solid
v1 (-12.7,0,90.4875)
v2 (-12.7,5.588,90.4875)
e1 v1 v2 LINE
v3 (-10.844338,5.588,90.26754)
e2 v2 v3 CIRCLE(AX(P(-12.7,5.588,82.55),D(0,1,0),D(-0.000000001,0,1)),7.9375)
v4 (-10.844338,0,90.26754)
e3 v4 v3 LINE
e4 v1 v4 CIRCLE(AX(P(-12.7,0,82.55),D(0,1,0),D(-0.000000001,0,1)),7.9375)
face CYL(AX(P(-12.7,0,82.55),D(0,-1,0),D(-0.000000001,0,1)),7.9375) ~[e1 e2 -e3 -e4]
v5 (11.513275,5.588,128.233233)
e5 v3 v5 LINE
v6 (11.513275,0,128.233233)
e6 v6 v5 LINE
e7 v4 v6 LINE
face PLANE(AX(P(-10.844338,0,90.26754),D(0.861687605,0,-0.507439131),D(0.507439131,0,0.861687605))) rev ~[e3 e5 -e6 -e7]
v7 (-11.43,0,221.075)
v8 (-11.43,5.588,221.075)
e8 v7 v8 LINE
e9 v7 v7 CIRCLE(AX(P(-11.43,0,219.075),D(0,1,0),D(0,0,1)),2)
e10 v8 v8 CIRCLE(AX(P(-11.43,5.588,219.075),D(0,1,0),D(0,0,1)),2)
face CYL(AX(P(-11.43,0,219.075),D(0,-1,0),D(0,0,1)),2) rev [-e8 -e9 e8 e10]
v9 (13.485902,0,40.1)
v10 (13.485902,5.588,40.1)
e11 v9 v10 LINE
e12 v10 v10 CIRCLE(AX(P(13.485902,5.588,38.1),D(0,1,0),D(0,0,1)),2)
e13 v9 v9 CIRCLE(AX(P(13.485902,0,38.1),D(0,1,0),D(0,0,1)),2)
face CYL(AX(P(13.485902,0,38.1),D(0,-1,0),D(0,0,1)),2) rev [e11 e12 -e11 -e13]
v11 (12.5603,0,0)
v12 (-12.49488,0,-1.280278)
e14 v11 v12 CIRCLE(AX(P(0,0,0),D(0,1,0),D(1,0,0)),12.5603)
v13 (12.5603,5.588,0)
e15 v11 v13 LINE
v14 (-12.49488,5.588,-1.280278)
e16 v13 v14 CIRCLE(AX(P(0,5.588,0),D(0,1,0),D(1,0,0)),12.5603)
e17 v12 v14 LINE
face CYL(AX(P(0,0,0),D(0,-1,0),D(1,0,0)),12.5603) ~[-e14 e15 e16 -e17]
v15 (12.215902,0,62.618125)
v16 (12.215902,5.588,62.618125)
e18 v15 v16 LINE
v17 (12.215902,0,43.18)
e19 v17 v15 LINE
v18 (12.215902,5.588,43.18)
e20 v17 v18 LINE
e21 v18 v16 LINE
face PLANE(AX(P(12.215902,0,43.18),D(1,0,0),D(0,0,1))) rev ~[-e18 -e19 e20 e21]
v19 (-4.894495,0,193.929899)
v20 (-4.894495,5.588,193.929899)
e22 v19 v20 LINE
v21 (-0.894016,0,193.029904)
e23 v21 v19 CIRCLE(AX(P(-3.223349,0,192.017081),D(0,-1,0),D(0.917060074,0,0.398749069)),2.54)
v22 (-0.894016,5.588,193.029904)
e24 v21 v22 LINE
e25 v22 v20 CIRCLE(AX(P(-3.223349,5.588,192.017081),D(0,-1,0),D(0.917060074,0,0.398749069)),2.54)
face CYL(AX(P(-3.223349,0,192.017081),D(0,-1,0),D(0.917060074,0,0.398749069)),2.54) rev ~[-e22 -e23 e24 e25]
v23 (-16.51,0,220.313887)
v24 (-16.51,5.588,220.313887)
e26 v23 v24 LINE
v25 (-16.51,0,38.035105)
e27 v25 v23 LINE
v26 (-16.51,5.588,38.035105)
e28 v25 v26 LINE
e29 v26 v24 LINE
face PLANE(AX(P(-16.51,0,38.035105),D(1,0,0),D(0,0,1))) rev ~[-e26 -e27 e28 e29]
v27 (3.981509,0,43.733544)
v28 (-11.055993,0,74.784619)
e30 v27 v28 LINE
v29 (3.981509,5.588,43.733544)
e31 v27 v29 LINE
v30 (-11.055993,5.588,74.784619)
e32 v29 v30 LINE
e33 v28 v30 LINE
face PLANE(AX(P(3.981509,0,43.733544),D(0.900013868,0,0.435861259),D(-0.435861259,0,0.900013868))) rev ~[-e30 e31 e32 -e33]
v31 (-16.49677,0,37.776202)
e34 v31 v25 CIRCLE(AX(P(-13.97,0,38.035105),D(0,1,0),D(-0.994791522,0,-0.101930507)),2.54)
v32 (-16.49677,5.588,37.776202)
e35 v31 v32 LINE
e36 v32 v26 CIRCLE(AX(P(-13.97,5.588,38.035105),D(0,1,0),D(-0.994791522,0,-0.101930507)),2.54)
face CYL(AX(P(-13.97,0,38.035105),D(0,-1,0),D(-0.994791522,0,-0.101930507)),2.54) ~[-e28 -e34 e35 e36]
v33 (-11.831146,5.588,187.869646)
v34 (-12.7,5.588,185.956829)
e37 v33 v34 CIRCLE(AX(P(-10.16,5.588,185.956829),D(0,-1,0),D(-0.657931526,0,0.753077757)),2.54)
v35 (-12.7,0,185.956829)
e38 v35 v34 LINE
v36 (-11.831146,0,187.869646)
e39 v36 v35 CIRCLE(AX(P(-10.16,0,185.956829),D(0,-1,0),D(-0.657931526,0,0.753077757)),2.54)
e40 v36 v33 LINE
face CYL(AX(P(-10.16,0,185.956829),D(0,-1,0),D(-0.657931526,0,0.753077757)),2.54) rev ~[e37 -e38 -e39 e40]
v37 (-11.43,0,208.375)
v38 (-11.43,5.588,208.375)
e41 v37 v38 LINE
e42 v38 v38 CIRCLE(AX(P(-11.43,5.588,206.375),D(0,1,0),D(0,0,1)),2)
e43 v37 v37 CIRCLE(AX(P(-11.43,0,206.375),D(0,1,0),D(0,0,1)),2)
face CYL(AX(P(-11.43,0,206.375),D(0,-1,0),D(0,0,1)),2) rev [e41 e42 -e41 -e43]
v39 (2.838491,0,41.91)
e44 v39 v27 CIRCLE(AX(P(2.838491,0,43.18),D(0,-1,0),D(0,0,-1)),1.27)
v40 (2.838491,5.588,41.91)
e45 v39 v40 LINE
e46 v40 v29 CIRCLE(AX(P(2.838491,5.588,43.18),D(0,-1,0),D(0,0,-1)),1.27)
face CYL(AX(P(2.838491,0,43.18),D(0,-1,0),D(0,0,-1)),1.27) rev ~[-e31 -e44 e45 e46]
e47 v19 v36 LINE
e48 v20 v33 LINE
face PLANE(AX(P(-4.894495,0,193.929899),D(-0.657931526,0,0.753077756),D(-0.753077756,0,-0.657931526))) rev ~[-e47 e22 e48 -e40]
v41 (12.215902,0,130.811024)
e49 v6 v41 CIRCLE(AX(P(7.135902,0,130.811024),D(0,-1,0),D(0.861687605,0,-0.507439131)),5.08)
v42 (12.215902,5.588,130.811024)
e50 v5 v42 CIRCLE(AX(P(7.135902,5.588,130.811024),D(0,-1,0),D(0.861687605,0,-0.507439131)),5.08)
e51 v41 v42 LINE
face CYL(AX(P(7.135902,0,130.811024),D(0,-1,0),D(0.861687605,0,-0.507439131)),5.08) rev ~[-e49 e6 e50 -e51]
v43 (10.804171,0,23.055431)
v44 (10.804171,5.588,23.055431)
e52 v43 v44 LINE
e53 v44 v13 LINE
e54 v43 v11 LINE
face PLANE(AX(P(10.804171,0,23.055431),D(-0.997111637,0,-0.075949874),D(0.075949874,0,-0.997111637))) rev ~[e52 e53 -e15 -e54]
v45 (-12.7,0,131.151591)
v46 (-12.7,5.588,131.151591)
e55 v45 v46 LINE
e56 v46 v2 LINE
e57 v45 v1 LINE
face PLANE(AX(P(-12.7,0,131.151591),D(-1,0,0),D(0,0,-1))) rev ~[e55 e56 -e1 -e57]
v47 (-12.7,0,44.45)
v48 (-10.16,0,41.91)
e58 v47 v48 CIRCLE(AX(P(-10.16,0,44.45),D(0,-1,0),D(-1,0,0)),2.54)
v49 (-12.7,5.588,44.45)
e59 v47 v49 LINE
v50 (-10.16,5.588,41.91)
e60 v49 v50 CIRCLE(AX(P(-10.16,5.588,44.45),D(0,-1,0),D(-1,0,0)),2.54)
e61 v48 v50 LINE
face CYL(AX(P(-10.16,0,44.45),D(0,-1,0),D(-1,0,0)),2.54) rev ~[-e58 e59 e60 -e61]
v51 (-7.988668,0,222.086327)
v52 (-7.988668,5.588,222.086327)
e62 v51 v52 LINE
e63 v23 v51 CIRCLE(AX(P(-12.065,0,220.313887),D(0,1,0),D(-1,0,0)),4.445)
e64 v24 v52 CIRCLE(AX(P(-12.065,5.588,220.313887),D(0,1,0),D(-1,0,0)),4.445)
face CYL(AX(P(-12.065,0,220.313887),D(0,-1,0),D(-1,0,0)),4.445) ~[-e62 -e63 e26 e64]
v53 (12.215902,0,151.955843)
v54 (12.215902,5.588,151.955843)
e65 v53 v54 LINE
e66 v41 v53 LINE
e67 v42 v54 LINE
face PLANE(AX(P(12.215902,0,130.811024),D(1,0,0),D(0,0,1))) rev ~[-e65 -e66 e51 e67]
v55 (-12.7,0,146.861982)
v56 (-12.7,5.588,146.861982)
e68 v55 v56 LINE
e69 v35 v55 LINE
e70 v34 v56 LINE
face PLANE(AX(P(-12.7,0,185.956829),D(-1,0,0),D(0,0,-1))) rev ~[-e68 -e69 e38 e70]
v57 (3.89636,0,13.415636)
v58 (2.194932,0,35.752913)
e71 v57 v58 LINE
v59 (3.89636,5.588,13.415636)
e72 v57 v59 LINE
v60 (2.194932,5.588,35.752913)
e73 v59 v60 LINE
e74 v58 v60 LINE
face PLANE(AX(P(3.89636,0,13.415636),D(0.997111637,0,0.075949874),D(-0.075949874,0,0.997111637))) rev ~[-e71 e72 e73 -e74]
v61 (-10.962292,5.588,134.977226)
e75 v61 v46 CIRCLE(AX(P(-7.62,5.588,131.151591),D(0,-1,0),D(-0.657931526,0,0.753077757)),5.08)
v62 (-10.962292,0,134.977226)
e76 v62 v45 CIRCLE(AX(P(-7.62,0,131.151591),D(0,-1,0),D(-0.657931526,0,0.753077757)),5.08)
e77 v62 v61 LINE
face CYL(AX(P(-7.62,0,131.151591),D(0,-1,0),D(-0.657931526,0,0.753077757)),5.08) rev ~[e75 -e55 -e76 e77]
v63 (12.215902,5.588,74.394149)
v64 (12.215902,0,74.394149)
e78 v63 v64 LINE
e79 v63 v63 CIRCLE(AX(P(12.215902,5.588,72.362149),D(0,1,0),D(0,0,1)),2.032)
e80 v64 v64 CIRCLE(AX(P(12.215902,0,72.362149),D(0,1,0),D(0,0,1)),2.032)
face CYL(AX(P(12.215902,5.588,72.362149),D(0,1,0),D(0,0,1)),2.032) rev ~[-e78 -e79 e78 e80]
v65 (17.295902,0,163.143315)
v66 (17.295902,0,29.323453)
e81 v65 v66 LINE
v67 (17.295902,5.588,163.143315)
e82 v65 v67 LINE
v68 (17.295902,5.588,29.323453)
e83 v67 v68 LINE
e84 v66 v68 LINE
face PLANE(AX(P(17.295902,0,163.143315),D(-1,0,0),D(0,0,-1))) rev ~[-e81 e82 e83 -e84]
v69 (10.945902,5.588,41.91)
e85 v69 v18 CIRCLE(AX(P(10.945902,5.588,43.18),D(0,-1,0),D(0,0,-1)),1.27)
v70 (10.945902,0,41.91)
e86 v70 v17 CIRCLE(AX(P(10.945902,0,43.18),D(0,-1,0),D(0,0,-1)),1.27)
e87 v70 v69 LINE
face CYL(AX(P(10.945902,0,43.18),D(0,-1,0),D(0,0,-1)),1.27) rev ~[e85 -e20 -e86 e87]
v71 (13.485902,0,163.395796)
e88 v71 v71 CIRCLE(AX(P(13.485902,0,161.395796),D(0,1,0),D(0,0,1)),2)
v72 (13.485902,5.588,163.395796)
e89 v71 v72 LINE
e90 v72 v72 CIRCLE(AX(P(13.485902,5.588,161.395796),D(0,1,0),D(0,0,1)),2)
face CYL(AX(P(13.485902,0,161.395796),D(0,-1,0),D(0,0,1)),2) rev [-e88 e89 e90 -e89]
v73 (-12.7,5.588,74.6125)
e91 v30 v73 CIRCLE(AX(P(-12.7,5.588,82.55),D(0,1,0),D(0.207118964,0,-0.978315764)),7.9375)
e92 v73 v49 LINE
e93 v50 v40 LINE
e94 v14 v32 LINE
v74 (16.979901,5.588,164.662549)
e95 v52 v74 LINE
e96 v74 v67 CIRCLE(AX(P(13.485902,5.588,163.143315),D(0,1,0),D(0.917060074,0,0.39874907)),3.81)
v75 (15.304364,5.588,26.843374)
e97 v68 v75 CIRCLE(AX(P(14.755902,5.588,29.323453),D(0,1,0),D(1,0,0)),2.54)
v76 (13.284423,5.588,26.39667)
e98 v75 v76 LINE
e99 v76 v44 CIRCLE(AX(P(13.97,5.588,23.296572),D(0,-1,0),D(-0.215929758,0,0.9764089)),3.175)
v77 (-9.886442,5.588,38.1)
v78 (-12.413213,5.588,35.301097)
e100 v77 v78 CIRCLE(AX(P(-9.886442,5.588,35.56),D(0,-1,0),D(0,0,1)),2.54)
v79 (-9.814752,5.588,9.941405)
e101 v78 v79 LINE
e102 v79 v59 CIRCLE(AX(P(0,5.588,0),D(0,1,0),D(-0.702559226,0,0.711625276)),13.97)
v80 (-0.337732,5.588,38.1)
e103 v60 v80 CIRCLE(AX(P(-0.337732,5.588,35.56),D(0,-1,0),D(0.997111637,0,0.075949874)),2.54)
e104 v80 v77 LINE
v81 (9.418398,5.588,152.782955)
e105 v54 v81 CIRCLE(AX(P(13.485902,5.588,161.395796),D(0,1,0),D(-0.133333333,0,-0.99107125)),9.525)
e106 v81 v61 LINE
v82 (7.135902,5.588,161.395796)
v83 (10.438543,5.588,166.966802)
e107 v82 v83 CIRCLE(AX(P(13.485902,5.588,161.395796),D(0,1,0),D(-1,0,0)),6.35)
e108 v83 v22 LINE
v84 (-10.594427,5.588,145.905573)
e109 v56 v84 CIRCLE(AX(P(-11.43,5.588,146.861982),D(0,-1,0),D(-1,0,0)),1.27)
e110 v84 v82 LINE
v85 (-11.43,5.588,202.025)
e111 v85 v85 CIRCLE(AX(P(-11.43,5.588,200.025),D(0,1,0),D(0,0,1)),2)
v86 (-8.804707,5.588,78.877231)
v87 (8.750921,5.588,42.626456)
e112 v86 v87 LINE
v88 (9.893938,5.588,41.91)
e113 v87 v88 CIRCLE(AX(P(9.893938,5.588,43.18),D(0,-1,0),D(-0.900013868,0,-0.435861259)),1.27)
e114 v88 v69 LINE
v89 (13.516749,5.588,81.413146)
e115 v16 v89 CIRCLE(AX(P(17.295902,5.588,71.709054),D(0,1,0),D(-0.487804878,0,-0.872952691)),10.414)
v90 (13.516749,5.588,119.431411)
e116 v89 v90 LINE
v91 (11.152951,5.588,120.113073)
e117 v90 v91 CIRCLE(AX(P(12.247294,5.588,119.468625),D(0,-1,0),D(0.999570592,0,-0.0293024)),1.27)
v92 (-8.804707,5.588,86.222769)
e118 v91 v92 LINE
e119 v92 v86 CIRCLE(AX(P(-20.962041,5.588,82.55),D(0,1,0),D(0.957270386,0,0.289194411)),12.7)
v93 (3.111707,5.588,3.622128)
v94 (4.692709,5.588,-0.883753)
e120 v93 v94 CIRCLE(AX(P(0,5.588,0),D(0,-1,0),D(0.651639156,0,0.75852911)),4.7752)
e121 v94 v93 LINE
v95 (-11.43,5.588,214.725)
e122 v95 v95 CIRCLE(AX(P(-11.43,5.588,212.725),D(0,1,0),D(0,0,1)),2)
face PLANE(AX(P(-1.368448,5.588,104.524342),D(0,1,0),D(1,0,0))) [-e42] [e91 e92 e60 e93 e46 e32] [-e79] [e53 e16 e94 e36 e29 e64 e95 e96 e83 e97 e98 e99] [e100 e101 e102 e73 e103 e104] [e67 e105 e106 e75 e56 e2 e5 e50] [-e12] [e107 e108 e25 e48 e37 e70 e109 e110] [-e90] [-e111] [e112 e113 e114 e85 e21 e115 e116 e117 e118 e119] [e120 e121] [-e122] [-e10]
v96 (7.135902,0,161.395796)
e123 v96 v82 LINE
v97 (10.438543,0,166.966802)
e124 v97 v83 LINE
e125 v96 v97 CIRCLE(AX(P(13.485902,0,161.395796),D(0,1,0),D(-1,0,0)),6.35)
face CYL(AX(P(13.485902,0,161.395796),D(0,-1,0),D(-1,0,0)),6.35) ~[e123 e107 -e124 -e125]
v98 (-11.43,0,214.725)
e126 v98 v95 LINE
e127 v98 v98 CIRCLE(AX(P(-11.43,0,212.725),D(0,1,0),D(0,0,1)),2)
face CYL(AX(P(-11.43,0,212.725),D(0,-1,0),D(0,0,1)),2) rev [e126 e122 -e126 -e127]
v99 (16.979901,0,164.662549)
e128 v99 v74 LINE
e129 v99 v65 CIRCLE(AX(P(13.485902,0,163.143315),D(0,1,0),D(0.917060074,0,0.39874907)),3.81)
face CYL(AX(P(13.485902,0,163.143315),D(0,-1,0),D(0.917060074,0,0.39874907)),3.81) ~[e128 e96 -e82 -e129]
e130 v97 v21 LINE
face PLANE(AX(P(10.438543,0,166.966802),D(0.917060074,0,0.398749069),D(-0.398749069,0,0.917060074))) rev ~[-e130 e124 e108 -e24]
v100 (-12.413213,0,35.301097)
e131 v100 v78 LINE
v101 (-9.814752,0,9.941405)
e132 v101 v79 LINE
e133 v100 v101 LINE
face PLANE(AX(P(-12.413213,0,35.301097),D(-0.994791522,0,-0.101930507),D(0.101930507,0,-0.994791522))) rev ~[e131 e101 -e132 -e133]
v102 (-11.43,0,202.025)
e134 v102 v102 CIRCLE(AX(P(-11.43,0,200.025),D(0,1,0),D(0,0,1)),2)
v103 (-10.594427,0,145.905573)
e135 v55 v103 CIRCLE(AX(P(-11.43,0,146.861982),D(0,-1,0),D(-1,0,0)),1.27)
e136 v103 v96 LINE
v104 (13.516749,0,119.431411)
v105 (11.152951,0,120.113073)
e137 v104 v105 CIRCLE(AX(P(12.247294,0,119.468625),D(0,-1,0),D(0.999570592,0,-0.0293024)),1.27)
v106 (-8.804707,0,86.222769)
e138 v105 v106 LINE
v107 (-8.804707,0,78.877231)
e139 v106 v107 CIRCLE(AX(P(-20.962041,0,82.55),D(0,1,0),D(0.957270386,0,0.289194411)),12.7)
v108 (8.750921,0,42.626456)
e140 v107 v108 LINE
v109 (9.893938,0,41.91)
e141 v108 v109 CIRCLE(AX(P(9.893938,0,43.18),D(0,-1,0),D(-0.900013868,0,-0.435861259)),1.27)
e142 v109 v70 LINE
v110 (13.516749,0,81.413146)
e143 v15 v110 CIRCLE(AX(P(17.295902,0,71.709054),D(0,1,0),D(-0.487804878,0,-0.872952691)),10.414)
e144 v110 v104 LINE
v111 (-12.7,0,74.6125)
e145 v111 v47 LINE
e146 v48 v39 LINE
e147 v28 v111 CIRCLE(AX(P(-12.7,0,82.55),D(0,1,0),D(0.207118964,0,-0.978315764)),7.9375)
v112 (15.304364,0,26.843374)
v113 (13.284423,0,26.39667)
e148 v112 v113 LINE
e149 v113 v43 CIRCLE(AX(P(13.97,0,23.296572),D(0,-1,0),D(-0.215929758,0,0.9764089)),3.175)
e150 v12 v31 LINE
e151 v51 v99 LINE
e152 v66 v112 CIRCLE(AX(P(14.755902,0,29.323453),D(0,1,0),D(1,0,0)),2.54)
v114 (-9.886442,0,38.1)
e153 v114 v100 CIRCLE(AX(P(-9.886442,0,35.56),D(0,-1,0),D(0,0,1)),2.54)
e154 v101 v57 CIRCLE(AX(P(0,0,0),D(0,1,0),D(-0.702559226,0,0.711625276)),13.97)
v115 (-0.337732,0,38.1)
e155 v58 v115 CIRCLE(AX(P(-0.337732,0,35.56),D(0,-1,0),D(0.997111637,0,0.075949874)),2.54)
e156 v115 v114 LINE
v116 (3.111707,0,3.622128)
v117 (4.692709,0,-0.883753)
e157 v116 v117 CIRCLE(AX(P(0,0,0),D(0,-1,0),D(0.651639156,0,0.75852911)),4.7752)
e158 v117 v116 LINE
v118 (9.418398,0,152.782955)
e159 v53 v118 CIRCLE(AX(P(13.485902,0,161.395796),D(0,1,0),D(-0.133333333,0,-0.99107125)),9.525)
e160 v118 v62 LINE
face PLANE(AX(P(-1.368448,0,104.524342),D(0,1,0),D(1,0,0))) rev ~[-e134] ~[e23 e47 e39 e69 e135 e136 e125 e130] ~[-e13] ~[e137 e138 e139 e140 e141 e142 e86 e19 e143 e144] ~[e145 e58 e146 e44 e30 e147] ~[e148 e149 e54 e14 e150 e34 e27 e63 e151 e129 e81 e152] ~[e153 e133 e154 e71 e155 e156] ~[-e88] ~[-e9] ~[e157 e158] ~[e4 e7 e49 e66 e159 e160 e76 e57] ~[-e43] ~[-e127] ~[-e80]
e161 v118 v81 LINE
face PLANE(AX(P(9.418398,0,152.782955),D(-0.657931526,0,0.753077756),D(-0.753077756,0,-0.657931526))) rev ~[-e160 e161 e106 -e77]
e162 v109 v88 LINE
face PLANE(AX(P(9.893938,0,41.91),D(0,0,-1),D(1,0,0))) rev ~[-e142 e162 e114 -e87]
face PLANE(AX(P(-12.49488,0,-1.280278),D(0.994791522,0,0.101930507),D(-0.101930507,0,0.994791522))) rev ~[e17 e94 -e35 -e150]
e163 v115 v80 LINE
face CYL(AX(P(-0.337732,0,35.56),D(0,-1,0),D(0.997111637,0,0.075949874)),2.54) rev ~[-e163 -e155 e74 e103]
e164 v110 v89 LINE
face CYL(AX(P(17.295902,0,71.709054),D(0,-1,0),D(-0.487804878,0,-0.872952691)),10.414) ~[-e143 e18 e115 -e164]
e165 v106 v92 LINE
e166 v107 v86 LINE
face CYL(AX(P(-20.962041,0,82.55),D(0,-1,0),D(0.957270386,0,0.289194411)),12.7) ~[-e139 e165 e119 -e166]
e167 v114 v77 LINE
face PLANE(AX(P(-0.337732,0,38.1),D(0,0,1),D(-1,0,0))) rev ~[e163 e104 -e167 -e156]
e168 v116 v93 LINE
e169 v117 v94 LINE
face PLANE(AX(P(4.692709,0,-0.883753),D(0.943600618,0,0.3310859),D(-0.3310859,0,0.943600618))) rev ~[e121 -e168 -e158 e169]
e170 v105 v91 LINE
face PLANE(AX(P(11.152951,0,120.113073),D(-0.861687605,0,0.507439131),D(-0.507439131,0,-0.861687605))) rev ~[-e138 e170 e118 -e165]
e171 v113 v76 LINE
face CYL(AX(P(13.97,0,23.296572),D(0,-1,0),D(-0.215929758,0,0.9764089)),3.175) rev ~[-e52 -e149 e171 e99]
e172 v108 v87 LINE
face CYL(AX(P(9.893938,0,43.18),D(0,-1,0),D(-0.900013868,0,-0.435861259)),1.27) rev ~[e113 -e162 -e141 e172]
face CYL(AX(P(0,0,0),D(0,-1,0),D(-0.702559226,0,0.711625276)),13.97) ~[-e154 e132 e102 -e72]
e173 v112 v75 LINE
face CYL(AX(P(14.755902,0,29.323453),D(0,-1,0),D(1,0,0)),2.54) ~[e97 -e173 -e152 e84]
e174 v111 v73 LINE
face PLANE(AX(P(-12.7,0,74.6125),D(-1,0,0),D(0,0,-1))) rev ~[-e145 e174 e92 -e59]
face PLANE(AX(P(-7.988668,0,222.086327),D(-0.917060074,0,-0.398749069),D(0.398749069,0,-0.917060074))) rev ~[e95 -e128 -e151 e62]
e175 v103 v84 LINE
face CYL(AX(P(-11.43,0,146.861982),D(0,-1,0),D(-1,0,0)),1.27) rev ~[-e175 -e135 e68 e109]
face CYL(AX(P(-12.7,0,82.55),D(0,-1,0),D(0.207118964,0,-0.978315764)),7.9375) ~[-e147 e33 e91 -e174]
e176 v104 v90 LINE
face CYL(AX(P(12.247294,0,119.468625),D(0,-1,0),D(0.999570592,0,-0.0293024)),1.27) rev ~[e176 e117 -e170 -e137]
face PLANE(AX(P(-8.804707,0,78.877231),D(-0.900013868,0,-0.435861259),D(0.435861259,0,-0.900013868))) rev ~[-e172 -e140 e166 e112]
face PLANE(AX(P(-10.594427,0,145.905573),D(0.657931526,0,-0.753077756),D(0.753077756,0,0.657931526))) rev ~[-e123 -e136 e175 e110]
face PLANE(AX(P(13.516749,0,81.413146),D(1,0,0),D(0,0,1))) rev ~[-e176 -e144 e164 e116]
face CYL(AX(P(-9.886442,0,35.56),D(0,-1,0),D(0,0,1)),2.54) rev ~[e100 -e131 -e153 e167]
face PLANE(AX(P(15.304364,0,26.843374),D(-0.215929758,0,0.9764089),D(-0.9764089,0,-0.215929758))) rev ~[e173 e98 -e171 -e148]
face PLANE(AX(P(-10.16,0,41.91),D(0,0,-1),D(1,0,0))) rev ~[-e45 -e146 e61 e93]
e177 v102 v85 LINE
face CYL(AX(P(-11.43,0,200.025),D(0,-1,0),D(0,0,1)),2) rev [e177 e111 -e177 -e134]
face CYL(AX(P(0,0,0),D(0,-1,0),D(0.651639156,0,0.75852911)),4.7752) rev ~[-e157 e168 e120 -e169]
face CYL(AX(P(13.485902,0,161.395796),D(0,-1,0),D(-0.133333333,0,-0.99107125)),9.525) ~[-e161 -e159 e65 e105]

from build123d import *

# Parameters (mm, degrees)
SKETCH2_R           = 2
SKETCH2_R_2         = 1.999999991
BOSS_EXTRUDE1_DEPTH = 5.588
SKETCH7_R           = 2.032
CUT_EXTRUDE1_DEPTH  = 5.588


with BuildPart() as part:
    # Sketch2 → Boss-Extrude1 (new body)
    with BuildSketch(Plane(origin=(0, 0, 0), x_dir=(1, 0, 0), z_dir=(0, 1, 0))):
        with BuildLine():
            ThreePointArc((17.295902343, -29.323452593), (16.73639375, -27.733089808), (15.304363929, -26.843373987))
            Line((15.304363929, -26.843373987), (13.284423018, -26.396670406))
            ThreePointArc((13.284423018, -26.396670406), (11.420627025, -25.189010374), (10.804170553, -23.055431298))
            Line((10.804170553, -23.055431298), (12.5603, 0))
            ThreePointArc((12.5603, 0), (0.640974044, 12.543934326), (-12.49487995, 1.28027775))
            Line((-12.49487995, 1.28027775), (-16.496770465, -37.776201638))
            ThreePointArc((-16.496770465, -37.776201638), (-16.50669046, -37.90548449), (-16.51, -38.035105126))
            Line((-16.51, -38.035105126), (-16.51, -220.313887427))
            ThreePointArc((-16.51, -220.313887427), (-12.970187584, -224.665744552), (-7.988667969, -222.086327038))
            Line((-7.988667969, -222.086327038), (16.979901226, -164.662549258))
            ThreePointArc((16.979901226, -164.662549258), (17.216065593, -163.919190378), (17.295902343, -163.143315306))
            Line((17.295902343, -163.143315306), (17.295902343, -29.323452593))
        make_face()
        with Locations(Location((-11.43, -219.075, 0), (0, 0, 270))):
            Circle(SKETCH2_R, mode=Mode.SUBTRACT)
        with Locations(Location((-11.43, -212.725, 0), (0, 0, 270))):
            Circle(SKETCH2_R, mode=Mode.SUBTRACT)
        with Locations(Location((-11.43, -206.375, 0), (0, 0, 270))):
            Circle(SKETCH2_R, mode=Mode.SUBTRACT)
        with Locations(Location((-11.43, -200.025, 0), (0, 0, 270))):
            Circle(SKETCH2_R, mode=Mode.SUBTRACT)
        with BuildLine():
            ThreePointArc((7.135902343, -161.395796446), (8.023611961, -164.633987883), (10.438542905, -166.966801782))
            Line((10.438542905, -166.966801782), (-0.894016375, -193.029903785))
            ThreePointArc((-0.894016375, -193.029903785), (-2.665854515, -194.495144898), (-4.89449504, -193.929898651))
            Line((-4.89449504, -193.929898651), (-11.831146076, -187.869646091))
            ThreePointArc((-11.831146076, -187.869646091), (-12.472607947, -187.007278248), (-12.7, -185.95682859))
            Line((-12.7, -185.95682859), (-12.7, -146.861981888))
            ThreePointArc((-12.7, -146.861981888), (-11.955224829, -145.705677915), (-10.594426962, -145.905573138))
            Line((-10.594426962, -145.905573138), (7.135902343, -161.395796446))
        make_face(mode=Mode.SUBTRACT)
        with BuildLine():
            ThreePointArc((12.215902343, -151.955842791), (10.785297541, -152.261664921), (9.418398214, -152.782955151))
            Line((9.418398214, -152.782955151), (-10.962292152, -134.977225798))
            ThreePointArc((-10.962292152, -134.977225798), (-12.245215894, -133.252490112), (-12.7, -131.151590796))
            Line((-12.7, -131.151590796), (-12.7, -90.4875))
            ThreePointArc((-12.7, -90.4875), (-11.765673597, -90.432318214), (-10.844338135, -90.267540106))
            Line((-10.844338135, -90.267540106), (11.513275375, -128.23323342))
            ThreePointArc((11.513275375, -128.23323342), (12.037098881, -129.475107855), (12.215902343, -130.811024207))
            Line((12.215902343, -130.811024207), (12.215902343, -151.955842791))
        make_face(mode=Mode.SUBTRACT)
        with Locations(Location((13.485902343, -161.395796446, 0), (0, 0, 270))):
            Circle(SKETCH2_R, mode=Mode.SUBTRACT)
        with BuildLine():
            Line((-10.16, -41.91), (2.838491406, -41.91))
            ThreePointArc((2.838491406, -41.91), (3.914572403, -42.505500417), (3.981509018, -43.733543799))
            Line((3.981509018, -43.733543799), (-11.055993219, -74.784618621))
            ThreePointArc((-11.055993219, -74.784618621), (-11.873503915, -74.655646925), (-12.7, -74.6125))
            Line((-12.7, -74.6125), (-12.7, -44.45))
            ThreePointArc((-12.7, -44.45), (-11.956051224, -42.653948776), (-10.16, -41.91))
        make_face(mode=Mode.SUBTRACT)
        with BuildLine():
            ThreePointArc((-9.886442157, -38.1), (-11.771808813, -37.262055396), (-12.413212622, -35.301096512))
            Line((-12.413212622, -35.301096512), (-9.81475239, -9.941405108))
            ThreePointArc((-9.81475239, -9.941405108), (-3.431386466, -13.542026692), (3.896359547, -13.415635739))
            Line((3.896359547, -13.415635739), (2.194931831, -35.752912681))
            ThreePointArc((2.194931831, -35.752912681), (1.388767881, -37.42300808), (-0.337731726, -38.1))
            Line((-0.337731726, -38.1), (-9.886442157, -38.1))
        make_face(mode=Mode.SUBTRACT)
        with BuildLine():
            ThreePointArc((3.111707299, -3.622128204), (-4.505881672, 1.581001391), (4.69270869, 0.883753468))
            Line((4.69270869, 0.883753468), (3.111707299, -3.622128204))
        make_face(mode=Mode.SUBTRACT)
        with BuildLine():
            ThreePointArc((-8.804706991, -86.222769023), (-8.262040897, -82.55), (-8.804706991, -78.877230977))
            Line((-8.804706991, -78.877230977), (8.75092063, -42.626456201))
            ThreePointArc((8.75092063, -42.626456201), (9.219438659, -42.103919003), (9.893938242, -41.91))
            Line((9.893938242, -41.91), (10.945902343, -41.91))
            ThreePointArc((10.945902343, -41.91), (11.843927955, -42.281974388), (12.215902343, -43.18))
            Line((12.215902343, -43.18), (12.215902343, -62.618124667))
            ThreePointArc((12.215902343, -62.618124667), (6.906756389, -72.428110561), (13.516748759, -81.413145613))
            Line((13.516748759, -81.413145613), (13.516748759, -119.431411199))
            ThreePointArc((13.516748759, -119.431411199), (12.599191369, -120.688899116), (11.152950849, -120.113072943))
            Line((11.152950849, -120.113072943), (-8.804706991, -86.222769023))
        make_face(mode=Mode.SUBTRACT)
        with Locations(Location((13.485902343, -38.1, 0), (0, 0, 270))):
            Circle(SKETCH2_R_2, mode=Mode.SUBTRACT)
    extrude(amount=BOSS_EXTRUDE1_DEPTH)

    # Sketch7 → Cut-Extrude1 (cut)
    with BuildSketch(Plane(origin=(0, 5.588, 0), x_dir=(1, 0, 0), z_dir=(0, 1, 0))):
        with Locations(Location((12.215902343, -72.362149281, 0), (0, 0, 270))):
            Circle(SKETCH7_R)
    extrude(amount=-CUT_EXTRUDE1_DEPTH, mode=Mode.SUBTRACT)


solid = part.part
